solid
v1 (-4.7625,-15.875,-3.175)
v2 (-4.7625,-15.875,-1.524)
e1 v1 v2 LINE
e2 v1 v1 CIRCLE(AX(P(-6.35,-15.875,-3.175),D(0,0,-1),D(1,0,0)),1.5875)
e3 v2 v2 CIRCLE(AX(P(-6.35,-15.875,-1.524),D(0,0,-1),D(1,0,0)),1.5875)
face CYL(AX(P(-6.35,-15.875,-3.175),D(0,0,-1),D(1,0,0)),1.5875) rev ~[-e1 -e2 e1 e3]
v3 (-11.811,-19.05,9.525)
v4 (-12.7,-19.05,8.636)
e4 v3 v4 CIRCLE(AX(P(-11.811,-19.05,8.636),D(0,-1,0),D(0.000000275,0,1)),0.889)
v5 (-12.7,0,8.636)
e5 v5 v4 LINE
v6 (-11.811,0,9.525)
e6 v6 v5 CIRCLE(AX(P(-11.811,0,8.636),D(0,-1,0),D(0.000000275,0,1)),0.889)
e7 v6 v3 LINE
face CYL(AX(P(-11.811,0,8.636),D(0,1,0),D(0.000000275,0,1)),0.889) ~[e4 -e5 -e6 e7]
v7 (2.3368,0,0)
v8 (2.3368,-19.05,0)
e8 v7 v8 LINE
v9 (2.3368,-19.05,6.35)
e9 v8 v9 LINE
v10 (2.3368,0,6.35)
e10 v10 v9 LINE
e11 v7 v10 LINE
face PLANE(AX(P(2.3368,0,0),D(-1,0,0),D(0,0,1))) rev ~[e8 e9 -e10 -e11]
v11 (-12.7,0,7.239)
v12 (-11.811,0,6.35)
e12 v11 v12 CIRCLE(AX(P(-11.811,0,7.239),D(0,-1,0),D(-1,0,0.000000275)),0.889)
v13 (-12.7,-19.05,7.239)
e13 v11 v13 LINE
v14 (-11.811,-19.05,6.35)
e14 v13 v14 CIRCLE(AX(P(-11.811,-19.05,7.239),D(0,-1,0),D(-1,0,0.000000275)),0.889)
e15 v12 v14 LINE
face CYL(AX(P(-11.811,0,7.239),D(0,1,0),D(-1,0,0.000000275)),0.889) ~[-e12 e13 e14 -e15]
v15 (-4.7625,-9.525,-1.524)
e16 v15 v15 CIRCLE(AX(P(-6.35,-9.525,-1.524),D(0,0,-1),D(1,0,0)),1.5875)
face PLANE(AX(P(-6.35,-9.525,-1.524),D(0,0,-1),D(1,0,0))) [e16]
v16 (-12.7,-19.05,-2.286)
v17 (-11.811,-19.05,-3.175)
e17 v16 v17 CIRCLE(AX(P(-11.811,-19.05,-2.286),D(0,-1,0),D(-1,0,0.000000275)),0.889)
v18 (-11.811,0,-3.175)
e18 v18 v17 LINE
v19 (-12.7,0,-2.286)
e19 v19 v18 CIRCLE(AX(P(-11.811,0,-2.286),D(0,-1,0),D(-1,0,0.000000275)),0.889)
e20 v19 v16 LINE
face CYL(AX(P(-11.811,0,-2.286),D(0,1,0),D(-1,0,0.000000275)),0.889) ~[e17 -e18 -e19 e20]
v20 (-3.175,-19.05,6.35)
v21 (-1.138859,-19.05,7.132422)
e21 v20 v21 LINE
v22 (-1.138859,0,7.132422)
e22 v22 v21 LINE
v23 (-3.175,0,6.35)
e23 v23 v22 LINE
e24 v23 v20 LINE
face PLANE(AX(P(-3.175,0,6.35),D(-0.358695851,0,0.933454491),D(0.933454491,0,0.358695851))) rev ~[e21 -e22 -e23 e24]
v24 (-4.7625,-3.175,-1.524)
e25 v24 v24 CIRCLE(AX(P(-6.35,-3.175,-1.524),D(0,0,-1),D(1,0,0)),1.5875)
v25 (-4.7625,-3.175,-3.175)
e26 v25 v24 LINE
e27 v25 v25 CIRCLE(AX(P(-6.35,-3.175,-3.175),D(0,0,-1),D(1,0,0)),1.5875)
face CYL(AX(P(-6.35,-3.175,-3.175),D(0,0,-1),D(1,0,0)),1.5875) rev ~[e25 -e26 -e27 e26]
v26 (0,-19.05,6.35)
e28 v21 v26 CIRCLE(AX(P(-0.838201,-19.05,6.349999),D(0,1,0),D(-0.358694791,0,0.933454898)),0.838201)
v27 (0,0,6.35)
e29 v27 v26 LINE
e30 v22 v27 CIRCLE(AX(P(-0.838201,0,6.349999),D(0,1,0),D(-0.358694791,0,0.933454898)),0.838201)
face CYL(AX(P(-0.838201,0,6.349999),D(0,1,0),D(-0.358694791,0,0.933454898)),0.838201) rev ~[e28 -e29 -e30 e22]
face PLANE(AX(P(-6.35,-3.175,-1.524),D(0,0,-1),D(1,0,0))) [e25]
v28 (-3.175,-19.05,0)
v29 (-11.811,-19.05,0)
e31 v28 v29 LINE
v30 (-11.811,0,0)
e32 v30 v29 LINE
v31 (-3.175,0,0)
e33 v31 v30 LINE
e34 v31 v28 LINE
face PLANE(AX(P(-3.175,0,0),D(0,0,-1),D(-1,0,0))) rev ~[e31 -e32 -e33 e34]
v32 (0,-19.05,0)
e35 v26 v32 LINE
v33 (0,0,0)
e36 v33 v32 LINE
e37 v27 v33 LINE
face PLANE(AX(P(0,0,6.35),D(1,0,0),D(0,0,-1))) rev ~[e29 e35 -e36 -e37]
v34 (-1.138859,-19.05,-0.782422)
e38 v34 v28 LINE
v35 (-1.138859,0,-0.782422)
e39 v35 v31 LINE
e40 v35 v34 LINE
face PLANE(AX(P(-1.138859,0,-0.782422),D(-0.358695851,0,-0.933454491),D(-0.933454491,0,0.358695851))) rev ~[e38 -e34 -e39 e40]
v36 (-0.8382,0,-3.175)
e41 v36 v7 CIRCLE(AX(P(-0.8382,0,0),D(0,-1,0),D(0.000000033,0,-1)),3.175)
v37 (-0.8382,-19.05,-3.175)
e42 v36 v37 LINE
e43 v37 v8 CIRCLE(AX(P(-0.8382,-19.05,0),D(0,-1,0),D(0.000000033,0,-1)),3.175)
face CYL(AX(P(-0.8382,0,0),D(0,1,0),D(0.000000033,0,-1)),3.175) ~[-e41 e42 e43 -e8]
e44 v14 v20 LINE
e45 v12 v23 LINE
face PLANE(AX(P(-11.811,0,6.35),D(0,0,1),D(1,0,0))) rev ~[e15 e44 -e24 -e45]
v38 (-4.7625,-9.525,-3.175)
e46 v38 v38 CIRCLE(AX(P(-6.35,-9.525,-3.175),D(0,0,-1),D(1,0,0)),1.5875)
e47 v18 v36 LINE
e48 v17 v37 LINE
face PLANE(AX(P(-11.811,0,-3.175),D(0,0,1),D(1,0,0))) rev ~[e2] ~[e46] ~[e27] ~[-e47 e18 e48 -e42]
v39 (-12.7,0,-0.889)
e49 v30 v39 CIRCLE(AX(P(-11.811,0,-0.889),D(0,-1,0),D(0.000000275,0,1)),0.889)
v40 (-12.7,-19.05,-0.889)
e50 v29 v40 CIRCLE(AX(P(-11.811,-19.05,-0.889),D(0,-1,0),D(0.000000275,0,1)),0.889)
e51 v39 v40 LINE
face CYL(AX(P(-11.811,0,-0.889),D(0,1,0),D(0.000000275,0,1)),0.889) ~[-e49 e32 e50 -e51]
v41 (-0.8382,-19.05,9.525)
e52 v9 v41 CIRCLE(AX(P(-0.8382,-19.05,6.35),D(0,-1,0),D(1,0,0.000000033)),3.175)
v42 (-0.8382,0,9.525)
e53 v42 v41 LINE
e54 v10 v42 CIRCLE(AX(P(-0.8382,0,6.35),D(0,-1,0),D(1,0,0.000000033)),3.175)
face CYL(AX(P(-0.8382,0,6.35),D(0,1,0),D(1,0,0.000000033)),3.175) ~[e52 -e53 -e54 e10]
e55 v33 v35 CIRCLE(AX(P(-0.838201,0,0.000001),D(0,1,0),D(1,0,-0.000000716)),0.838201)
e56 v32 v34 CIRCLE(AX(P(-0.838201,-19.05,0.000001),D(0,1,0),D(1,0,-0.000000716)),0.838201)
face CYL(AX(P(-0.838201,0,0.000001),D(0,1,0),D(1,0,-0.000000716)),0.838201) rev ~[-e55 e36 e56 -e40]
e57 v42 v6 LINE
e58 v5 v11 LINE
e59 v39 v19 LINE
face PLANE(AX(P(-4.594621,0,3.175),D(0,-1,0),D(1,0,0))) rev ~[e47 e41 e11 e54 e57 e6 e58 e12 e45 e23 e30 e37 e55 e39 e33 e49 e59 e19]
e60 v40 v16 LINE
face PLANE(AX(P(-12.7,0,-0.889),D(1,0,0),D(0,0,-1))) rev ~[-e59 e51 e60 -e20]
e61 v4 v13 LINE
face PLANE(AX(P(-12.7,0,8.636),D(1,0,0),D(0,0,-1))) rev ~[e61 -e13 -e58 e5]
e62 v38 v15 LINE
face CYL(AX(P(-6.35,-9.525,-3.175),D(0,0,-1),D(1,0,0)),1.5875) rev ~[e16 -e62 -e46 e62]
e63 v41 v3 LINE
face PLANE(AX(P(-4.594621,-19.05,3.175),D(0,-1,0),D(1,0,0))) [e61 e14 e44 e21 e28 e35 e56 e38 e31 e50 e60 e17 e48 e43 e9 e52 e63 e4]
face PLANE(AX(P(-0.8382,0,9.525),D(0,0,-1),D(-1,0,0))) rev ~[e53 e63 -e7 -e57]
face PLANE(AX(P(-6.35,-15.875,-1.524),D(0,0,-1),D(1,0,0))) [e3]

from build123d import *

# Parameters (mm, degrees)
F1_DEPTH = 19.05
F2_R     = 1.5875
F3_DEPTH = 1.651


with BuildPart() as f1:
    # F0 (on Front) → F1 (new body)
    with BuildSketch(Plane.XZ):
        with BuildLine():
            Line((0, 6.35), (0, 0))
            ThreePointArc((0, 0), (-0.36356, -0.690866), (-1.138859, -0.782422))
            Line((-1.138859, -0.782422), (-3.175, 0))
            Line((-3.175, 0), (-11.811, 0))
            ThreePointArc((-11.811, 0), (-12.439618, -0.260382), (-12.7, -0.889))
            Line((-12.7, -0.889), (-12.7, -2.286))
            ThreePointArc((-12.7, -2.286), (-12.439618, -2.914618), (-11.811, -3.175))
            Line((-11.811, -3.175), (-0.8382, -3.175))
            ThreePointArc((-0.8382, -3.175), (1.406864, -2.245064), (2.3368, 0))
            Line((2.3368, 0), (2.3368, 6.35))
            ThreePointArc((2.3368, 6.35), (1.406864, 8.595064), (-0.8382, 9.525))
            Line((-0.8382, 9.525), (-11.811, 9.525))
            ThreePointArc((-11.811, 9.525), (-12.439618, 9.264618), (-12.7, 8.636))
            Line((-12.7, 8.636), (-12.7, 7.239))
            ThreePointArc((-12.7, 7.239), (-12.439618, 6.610382), (-11.811, 6.35))
            Line((-11.811, 6.35), (-3.175, 6.35))
            Line((-3.175, 6.35), (-1.138859, 7.132422))
            ThreePointArc((-1.138859, 7.132422), (-0.36356, 7.040866), (0, 6.35))
        make_face()
    extrude(amount=F1_DEPTH)

    # F2 (on face) → F3 (cut)
    with BuildSketch(Plane(origin=(0, 0, -3.175), x_dir=(1, 0, 0), z_dir=(0, 0, -1))):
        with Locations((-6.35, 15.875)):
            Circle(F2_R)
        with Locations((-6.35, 3.175)):
            Circle(F2_R)
        with Locations((-6.35, 9.525)):
            Circle(F2_R)
    extrude(amount=-F3_DEPTH, mode=Mode.SUBTRACT)


solid = f1.part
